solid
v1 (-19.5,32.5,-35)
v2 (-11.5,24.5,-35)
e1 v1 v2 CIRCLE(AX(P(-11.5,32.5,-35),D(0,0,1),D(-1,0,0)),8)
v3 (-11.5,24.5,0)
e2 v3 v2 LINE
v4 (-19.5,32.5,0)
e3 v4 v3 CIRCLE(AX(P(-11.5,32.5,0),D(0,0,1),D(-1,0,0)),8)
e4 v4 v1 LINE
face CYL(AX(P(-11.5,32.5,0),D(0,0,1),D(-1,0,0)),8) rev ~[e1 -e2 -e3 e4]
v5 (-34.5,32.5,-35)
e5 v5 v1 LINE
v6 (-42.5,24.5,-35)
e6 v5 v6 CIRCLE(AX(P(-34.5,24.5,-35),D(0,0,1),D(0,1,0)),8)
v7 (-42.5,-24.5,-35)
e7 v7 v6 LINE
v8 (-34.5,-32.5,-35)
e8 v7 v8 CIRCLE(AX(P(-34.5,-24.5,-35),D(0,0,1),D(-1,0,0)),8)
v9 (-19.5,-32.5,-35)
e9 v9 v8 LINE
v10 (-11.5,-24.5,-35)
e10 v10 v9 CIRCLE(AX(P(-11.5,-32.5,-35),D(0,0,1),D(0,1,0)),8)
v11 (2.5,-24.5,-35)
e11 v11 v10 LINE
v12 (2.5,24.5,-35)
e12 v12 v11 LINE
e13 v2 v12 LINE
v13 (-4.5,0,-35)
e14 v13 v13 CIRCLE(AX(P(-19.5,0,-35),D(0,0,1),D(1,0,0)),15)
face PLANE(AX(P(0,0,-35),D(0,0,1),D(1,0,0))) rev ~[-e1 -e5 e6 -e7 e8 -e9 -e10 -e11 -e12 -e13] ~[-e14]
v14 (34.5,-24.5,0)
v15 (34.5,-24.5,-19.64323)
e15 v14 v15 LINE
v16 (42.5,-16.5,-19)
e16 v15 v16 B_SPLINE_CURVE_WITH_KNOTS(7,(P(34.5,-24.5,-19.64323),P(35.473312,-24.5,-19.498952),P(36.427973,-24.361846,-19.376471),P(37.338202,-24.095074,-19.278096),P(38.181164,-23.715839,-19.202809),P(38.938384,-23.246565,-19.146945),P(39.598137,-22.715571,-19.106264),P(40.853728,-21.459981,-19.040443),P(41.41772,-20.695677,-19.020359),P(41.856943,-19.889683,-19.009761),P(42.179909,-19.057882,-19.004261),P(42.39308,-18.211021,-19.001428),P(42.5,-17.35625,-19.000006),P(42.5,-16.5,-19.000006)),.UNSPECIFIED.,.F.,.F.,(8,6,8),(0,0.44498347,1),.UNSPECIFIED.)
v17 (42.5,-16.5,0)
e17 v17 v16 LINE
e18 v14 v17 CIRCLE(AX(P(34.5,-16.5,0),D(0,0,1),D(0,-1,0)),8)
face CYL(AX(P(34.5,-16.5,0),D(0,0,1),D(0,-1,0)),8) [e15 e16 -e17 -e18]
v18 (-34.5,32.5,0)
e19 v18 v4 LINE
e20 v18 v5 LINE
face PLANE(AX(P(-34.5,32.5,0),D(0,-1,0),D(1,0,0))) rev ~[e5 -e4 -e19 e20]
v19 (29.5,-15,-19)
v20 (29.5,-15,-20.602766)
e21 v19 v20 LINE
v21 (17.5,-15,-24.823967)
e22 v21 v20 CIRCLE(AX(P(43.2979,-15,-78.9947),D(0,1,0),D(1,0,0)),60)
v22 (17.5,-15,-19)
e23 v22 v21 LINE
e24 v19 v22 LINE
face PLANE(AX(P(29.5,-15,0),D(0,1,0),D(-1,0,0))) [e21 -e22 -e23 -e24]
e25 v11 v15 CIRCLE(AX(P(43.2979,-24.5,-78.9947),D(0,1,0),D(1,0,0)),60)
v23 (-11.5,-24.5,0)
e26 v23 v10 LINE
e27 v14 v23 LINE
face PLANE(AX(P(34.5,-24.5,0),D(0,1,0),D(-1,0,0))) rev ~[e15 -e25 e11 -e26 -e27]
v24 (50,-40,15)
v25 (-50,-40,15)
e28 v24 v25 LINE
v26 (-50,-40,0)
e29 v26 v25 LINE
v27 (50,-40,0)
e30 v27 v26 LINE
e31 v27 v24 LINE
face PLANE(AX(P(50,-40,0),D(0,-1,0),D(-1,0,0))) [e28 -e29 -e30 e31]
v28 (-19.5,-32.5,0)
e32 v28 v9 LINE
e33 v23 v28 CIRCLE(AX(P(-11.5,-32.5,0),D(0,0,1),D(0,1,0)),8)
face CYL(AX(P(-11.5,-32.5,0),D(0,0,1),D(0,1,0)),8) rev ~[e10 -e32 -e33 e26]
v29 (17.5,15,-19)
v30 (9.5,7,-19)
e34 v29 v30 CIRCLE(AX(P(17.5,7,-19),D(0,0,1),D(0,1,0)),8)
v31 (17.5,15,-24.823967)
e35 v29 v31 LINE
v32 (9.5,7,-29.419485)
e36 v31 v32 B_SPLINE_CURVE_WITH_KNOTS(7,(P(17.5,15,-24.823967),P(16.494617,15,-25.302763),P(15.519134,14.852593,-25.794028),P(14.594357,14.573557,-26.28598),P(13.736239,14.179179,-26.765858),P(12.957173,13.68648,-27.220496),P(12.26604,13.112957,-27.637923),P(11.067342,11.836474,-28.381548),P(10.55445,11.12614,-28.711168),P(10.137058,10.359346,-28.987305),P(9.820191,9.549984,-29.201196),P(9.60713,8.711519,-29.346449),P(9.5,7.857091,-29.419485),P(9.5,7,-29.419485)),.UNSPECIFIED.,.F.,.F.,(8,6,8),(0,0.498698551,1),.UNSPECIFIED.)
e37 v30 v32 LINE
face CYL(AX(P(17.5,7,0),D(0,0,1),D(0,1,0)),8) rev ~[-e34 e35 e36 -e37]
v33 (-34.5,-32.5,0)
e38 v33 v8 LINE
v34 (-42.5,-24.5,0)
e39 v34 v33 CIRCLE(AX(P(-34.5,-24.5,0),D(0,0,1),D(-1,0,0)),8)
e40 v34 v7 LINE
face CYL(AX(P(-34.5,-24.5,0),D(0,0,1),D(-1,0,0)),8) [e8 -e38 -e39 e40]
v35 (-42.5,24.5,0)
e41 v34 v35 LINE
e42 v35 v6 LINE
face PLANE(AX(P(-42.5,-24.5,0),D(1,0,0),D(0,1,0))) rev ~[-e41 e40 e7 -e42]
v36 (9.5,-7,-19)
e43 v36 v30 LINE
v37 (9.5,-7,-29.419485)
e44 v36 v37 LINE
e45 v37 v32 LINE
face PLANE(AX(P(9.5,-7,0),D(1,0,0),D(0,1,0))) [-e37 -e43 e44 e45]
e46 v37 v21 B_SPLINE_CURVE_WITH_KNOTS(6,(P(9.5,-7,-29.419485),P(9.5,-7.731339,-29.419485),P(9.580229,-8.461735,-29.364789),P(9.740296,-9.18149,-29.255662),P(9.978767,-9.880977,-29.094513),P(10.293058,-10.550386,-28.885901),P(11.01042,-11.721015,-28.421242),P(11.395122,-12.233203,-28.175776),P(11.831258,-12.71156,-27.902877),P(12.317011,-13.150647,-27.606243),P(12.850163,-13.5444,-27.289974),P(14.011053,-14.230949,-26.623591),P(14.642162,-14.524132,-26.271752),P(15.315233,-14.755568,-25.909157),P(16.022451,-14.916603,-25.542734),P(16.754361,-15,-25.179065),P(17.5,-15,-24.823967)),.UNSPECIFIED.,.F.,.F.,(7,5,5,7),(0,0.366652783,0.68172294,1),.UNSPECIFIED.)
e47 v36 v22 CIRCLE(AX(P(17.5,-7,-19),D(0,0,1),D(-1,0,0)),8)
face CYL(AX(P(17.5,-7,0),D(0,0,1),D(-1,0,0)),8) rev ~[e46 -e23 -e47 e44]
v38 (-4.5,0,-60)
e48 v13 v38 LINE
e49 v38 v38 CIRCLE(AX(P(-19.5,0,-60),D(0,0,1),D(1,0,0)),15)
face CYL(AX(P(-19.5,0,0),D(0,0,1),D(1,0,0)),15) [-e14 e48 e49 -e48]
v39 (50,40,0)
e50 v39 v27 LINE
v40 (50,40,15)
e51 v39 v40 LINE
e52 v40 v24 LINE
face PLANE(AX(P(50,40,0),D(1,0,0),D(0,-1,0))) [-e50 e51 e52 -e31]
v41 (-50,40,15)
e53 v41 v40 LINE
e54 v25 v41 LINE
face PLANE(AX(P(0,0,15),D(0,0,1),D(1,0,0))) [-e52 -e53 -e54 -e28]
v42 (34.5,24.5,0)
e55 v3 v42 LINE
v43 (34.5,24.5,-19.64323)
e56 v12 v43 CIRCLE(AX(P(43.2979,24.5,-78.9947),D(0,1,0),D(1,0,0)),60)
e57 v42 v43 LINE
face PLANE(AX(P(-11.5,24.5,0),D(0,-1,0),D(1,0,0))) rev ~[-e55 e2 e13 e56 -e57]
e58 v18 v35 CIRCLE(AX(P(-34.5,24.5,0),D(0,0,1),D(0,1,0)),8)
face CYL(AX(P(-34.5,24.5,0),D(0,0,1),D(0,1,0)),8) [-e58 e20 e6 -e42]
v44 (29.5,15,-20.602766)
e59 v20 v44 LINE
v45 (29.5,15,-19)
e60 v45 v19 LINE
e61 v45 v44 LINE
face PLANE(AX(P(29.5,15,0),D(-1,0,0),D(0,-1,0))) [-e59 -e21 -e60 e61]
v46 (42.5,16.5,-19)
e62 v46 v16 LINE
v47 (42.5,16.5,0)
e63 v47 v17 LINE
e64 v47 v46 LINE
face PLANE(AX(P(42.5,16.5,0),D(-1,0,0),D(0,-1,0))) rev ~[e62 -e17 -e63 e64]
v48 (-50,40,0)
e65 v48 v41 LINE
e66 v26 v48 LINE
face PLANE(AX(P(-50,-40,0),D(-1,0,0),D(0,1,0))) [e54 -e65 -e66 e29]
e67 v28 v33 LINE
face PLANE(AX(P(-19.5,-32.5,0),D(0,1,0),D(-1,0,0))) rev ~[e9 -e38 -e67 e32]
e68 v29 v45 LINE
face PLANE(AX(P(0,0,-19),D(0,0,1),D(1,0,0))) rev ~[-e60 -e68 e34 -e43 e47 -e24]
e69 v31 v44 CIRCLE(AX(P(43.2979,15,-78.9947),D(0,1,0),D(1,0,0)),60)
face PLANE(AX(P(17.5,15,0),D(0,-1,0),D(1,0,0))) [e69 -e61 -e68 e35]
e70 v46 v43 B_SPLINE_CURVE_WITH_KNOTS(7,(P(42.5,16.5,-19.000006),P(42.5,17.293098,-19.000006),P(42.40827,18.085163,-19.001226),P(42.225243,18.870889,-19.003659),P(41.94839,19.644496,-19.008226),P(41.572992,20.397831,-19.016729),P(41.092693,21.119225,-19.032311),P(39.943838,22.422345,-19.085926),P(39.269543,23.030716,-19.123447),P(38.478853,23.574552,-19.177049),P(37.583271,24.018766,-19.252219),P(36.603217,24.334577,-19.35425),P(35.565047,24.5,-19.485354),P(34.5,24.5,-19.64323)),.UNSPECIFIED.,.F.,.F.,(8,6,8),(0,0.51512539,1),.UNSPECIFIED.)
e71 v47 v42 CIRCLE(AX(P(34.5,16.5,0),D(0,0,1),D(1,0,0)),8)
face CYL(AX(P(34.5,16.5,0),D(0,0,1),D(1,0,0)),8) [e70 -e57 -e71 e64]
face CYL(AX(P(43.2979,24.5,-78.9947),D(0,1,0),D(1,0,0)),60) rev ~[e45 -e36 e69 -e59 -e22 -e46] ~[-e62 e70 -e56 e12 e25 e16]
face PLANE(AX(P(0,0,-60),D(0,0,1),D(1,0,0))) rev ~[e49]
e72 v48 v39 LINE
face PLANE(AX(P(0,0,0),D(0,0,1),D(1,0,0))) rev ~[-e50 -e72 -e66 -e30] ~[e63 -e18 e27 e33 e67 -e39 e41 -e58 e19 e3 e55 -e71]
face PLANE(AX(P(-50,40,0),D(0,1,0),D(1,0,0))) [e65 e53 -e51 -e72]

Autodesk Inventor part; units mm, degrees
ref_plane "YZ Plane" through (0, 0, 0) normal (1, 0, 0) x (0, 1, 0)
ref_plane "XZ Plane" through (0, 0, 0) normal (0, 1, 0) x (-1, 0, 0)
ref_plane "XY Plane" through (0, 0, 0) normal (0, 0, 1) x (1, 0, 0)
sketch "Sketch1" plane through (0, 0, 0) normal (0, 0, 1) x (1, 0, 0)
  line L0 (-50, 40) -> (50, 40)
  line L1 (50, 40) -> (50, -40)
  line L2 (50, -40) -> (-50, -40)
  line L3 (-50, -40) -> (-50, 40)
  line L4 (-50, 40) -> (50, -40) construction
  line L5 (50, 40) -> (-50, -40) construction
  line L6 (-34.5, 32.5) -> (-19.5, 32.5)
  line L7 (-19.5, -32.5) -> (-34.5, -32.5)
  line L8 (-42.5, -24.5) -> (-42.5, 24.5)
  line L9 (-42.5, 32.5) -> (-19.5, -32.5) construction
  line L10 (-19.5, 32.5) -> (-42.5, -32.5) construction
  arc A0 (-34.5, 32.5) -> (-42.5, 24.5) centre (-34.5, 24.5) ccw
  arc A1 (-42.5, -24.5) -> (-34.5, -32.5) centre (-34.5, -24.5) ccw
  line L11 (-11.5, 24.5) -> (34.5, 24.5)
  line L12 (42.5, 16.5) -> (42.5, -16.5)
  line L13 (34.5, -24.5) -> (-11.5, -24.5)
  line L14 (-19.5, 24.5) -> (42.5, -24.5) construction
  line L15 (42.5, 24.5) -> (-19.5, -24.5) construction
  arc A2 (42.5, 16.5) -> (34.5, 24.5) centre (34.5, 16.5) ccw
  arc A3 (34.5, -24.5) -> (42.5, -16.5) centre (34.5, -16.5) ccw
  arc A4 (-19.5, 32.5) -> (-11.5, 24.5) centre (-11.5, 32.5) ccw
  arc A5 (-11.5, -24.5) -> (-19.5, -32.5) centre (-11.5, -32.5) ccw
  circle A6 centre (-19.5, 0) radius 15
  line L16 (17.5, 15) -> (29.5, 15)
  line L17 (29.5, 15) -> (29.5, -15)
  line L18 (29.5, -15) -> (17.5, -15)
  line L19 (9.5, -7) -> (9.5, 7)
  line L20 (9.5, 15) -> (29.5, -15) construction
  line L21 (29.5, 15) -> (9.5, -15) construction
  arc A7 (17.5, 15) -> (9.5, 7) centre (17.5, 7) ccw
  arc A8 (9.5, -7) -> (17.5, -15) centre (17.5, -7) ccw
  point P0 (0, 0)
  point P1 (-31, 0)
  point P2 (11.5, 0)
  point P3 (19.5, 0)
  dimension "d0" = 100
  dimension "d1" = 80
  dimension "d2" = 23
  dimension "d3" = 65
  dimension "d4" = 8
  dimension "d5" = 8
  dimension "d6" = 7.5
  dimension "d7" = 62
  dimension "d8" = 49
  dimension "d9" = 7.5
  dimension "d10" = 8
  dimension "d13" = 30
  dimension "d14" = 23
  dimension "d15" = 20
  dimension "d16" = 30
  dimension "d17" = 13
  dimension "d18" = 8
  dimension "d32" = 8
  dimension "d34" = 46
  dimension "d35" = 8
extrude "Extrusion1" add sketch "Sketch1" along normal blind 15 contours L0 L1 L2 L3 | L6 A4 L11 A2 L12 A3 L13 A5 L7 A1 L8 A0 | A6 | L16 L17 L18 A8 L19 A7
extrude "Extrusion2" add sketch "Sketch1" against normal blind 60 contours A6
extrude "Extrusion3" add sketch "Sketch1" against normal blind 35 contours L6 A4 L11 A2 L12 A3 L13 A5 L7 A1 L8 A0
extrude "Extrusion4" add sketch "Sketch1" against normal blind 19 contours L16 L17 L18 A8 L19 A7
sketch "Sketch2" plane through (-11.5, 24.5, 0) normal (0, 1, 0) x (1, 0, 0)
  circle A0 centre (54.7979, 78.9947) radius 60
  line L0 (46, 0) -> (54, 0) projected
  line L1 (54, 0) -> (54, 19)
  line L2 (54, 0) -> (54, 35) projected
  line L3 (54, 35) -> (14, 35)
  line L4 (0, 35) -> (46, 35) projected
  point P0 (11.5, 0)
  dimension "d27" = 120
  dimension "d28" = 19
  dimension "d29" = 40
extrude "Extrusion5" cut sketch "Sketch2" against normal blind 60 contours L3 L2 A0 picked at (26.9594, 33.1676)
properties part number "P2"
